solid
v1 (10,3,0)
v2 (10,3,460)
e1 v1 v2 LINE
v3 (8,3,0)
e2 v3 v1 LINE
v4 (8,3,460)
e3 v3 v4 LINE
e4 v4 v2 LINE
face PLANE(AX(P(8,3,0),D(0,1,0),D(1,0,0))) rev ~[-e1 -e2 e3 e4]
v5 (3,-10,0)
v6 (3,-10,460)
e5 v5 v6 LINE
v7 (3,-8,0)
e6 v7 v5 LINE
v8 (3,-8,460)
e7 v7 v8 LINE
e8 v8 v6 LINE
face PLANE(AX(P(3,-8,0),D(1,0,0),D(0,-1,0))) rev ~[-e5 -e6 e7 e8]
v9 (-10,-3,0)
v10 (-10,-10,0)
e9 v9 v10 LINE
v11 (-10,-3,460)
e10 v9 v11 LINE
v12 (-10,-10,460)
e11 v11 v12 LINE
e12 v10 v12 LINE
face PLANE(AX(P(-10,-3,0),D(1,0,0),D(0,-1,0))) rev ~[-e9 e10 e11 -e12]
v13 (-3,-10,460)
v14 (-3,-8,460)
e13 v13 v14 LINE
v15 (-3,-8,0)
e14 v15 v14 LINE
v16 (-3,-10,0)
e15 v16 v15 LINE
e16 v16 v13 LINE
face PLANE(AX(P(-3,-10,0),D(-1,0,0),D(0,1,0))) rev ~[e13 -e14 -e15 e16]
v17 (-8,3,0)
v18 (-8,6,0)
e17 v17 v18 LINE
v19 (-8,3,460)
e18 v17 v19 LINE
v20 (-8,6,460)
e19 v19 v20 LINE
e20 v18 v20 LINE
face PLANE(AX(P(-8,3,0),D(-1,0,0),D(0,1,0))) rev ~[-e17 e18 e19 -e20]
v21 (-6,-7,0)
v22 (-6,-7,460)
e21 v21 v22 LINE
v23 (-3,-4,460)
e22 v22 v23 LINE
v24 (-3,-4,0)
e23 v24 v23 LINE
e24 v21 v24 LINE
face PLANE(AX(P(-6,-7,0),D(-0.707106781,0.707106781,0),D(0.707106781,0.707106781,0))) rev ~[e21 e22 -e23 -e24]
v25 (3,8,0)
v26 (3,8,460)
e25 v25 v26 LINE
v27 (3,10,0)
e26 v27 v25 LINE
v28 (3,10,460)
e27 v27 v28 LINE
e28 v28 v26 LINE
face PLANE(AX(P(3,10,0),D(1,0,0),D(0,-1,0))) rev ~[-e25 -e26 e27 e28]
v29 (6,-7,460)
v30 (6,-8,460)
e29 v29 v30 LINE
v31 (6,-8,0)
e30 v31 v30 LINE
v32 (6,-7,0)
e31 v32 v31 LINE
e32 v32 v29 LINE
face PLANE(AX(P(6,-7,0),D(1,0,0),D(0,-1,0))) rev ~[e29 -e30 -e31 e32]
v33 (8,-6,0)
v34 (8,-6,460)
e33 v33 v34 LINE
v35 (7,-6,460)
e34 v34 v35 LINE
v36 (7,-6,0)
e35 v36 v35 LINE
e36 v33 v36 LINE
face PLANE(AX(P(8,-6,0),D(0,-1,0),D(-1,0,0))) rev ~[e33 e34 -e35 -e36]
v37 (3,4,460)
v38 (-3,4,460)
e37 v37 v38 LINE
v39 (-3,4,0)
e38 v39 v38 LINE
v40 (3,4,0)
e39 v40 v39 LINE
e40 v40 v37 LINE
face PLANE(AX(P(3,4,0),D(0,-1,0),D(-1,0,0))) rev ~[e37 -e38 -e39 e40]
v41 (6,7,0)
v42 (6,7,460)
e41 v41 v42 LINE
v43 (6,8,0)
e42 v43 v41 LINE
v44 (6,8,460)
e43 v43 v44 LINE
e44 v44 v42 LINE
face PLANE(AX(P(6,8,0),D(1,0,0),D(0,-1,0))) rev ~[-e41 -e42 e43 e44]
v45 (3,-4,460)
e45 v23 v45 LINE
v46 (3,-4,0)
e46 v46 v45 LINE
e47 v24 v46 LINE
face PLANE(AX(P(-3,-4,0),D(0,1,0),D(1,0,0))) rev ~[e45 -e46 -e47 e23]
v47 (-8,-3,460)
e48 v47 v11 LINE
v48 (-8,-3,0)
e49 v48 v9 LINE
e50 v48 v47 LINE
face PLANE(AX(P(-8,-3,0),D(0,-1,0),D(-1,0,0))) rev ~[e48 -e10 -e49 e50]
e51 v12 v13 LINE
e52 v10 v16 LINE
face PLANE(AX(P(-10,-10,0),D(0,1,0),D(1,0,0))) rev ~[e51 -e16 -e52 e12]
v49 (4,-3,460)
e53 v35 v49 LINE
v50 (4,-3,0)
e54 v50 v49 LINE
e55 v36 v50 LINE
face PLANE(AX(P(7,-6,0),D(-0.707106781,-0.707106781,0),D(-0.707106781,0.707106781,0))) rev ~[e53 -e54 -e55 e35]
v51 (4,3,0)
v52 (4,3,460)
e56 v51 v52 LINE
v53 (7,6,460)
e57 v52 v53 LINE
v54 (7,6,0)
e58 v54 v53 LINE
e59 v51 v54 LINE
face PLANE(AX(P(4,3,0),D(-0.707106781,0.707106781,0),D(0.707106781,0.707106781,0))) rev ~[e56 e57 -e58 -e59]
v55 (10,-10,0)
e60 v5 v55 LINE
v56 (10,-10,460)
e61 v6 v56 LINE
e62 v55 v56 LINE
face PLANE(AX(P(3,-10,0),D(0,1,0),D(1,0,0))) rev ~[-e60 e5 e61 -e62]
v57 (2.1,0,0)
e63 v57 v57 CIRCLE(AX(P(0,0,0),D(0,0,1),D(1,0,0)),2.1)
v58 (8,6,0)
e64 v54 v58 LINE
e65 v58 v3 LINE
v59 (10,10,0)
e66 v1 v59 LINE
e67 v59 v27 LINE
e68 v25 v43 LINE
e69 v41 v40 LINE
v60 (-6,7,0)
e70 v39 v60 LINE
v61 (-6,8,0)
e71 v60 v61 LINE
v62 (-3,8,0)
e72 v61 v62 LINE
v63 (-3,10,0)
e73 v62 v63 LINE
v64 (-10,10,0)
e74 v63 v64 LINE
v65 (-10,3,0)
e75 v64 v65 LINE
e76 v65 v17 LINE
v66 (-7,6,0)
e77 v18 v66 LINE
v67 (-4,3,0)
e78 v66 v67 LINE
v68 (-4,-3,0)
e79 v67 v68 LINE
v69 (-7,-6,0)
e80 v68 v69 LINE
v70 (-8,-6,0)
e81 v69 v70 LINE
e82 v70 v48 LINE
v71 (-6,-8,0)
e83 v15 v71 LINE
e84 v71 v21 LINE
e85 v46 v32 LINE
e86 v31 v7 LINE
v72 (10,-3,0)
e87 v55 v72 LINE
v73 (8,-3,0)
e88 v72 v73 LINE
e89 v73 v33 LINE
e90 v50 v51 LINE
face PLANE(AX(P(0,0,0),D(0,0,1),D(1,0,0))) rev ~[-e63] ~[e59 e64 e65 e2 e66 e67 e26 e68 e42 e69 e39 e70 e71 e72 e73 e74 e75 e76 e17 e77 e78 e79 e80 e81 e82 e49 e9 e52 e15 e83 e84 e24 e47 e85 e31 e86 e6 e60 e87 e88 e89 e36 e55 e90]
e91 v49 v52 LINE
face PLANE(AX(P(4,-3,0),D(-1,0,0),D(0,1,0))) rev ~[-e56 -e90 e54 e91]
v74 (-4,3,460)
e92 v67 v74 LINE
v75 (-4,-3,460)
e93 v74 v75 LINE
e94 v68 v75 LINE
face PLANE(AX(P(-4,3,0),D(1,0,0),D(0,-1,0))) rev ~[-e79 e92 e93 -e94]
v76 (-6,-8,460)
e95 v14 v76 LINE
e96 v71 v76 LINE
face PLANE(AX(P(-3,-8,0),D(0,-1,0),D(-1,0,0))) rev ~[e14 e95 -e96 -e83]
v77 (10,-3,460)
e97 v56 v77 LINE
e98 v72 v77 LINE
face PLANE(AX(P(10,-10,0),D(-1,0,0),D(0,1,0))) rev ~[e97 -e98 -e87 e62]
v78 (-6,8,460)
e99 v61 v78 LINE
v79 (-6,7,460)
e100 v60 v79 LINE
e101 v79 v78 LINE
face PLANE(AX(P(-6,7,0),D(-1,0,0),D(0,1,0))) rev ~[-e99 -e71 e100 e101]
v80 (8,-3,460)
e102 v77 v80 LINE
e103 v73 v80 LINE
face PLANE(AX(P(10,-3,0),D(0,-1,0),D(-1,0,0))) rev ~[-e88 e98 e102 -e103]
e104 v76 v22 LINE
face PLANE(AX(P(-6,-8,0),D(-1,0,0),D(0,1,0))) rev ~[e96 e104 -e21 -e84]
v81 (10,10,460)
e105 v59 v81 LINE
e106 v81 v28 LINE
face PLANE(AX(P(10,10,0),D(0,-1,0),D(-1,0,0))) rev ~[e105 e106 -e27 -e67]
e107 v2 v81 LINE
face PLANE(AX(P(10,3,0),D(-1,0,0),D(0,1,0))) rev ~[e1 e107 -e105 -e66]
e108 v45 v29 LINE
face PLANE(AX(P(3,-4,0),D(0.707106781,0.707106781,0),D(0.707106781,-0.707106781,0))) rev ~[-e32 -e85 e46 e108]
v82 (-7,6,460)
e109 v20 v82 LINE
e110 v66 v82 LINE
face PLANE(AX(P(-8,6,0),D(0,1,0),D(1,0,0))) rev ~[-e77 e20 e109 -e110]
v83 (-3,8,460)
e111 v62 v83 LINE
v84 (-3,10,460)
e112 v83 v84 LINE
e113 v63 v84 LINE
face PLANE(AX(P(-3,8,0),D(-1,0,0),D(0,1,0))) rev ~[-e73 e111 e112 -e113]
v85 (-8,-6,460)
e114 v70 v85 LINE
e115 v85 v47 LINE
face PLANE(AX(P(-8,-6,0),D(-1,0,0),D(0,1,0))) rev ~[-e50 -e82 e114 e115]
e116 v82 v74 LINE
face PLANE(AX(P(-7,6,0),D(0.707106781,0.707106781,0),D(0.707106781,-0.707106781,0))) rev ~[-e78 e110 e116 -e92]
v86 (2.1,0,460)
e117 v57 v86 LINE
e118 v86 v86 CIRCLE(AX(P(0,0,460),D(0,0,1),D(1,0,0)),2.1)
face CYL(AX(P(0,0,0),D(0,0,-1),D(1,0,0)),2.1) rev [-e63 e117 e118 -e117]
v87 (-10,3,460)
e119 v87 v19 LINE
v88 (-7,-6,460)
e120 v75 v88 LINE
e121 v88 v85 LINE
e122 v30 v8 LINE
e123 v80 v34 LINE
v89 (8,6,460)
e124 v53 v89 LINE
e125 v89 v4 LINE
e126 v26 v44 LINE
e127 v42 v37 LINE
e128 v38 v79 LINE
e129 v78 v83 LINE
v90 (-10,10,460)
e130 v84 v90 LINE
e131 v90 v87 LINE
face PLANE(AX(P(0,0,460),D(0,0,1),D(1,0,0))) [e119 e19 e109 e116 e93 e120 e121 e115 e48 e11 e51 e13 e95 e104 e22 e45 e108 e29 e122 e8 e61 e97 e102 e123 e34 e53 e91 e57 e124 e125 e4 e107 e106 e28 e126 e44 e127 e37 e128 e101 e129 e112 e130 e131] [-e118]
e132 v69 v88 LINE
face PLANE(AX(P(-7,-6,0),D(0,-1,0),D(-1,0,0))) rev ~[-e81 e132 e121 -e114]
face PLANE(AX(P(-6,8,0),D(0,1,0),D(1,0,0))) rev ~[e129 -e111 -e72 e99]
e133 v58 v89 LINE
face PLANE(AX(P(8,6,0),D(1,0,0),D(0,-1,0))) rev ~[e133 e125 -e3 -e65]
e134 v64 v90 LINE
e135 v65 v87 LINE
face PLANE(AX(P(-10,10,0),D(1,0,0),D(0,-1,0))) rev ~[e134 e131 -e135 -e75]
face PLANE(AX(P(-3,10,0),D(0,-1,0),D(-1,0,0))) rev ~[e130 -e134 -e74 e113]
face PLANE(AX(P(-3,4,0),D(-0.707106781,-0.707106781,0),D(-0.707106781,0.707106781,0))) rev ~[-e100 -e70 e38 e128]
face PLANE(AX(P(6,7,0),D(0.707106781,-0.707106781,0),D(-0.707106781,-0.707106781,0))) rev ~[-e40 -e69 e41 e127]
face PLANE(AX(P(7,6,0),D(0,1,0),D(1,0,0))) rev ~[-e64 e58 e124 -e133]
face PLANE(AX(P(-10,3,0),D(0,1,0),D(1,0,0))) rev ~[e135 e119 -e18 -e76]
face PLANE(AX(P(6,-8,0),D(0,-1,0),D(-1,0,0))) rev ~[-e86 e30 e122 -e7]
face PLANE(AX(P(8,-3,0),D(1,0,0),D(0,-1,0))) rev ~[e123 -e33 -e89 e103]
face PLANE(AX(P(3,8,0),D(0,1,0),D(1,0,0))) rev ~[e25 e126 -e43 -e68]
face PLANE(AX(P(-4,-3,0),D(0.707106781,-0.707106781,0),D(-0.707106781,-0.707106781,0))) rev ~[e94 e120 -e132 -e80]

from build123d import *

# Parameters (mm, degrees)
SKETCH_2_R      = 2.1
EXTRUDE_1_DEPTH = 460


with BuildPart() as part:
    # ｽｹｯﾁ2 → ﾎﾞｽ - 押し出し1 (new body)
    with BuildSketch(Plane.XY):
        Polygon((3, 4), (-3, 4), (-6, 7), (-6, 8), (-3, 8), (-3, 10), (-10, 10), (-10, 3), (-8, 3), (-8, 6), (-7, 6), (-4, 3), (-4, -3), (-7, -6), (-8, -6), (-8, -3), (-10, -3), (-10, -10), (-3, -10), (-3, -8), (-6, -8), (-6, -7), (-3, -4), (3, -4), (6, -7), (6, -8), (3, -8), (3, -10), (10, -10), (10, -3), (8, -3), (8, -6), (7, -6), (4, -3), (4, 3), (7, 6), (8, 6), (8, 3), (10, 3), (10, 10), (3, 10), (3, 8), (6, 8), (6, 7), align=None)
        Circle(SKETCH_2_R, mode=Mode.SUBTRACT)
    extrude(amount=EXTRUDE_1_DEPTH)


solid = part.part
